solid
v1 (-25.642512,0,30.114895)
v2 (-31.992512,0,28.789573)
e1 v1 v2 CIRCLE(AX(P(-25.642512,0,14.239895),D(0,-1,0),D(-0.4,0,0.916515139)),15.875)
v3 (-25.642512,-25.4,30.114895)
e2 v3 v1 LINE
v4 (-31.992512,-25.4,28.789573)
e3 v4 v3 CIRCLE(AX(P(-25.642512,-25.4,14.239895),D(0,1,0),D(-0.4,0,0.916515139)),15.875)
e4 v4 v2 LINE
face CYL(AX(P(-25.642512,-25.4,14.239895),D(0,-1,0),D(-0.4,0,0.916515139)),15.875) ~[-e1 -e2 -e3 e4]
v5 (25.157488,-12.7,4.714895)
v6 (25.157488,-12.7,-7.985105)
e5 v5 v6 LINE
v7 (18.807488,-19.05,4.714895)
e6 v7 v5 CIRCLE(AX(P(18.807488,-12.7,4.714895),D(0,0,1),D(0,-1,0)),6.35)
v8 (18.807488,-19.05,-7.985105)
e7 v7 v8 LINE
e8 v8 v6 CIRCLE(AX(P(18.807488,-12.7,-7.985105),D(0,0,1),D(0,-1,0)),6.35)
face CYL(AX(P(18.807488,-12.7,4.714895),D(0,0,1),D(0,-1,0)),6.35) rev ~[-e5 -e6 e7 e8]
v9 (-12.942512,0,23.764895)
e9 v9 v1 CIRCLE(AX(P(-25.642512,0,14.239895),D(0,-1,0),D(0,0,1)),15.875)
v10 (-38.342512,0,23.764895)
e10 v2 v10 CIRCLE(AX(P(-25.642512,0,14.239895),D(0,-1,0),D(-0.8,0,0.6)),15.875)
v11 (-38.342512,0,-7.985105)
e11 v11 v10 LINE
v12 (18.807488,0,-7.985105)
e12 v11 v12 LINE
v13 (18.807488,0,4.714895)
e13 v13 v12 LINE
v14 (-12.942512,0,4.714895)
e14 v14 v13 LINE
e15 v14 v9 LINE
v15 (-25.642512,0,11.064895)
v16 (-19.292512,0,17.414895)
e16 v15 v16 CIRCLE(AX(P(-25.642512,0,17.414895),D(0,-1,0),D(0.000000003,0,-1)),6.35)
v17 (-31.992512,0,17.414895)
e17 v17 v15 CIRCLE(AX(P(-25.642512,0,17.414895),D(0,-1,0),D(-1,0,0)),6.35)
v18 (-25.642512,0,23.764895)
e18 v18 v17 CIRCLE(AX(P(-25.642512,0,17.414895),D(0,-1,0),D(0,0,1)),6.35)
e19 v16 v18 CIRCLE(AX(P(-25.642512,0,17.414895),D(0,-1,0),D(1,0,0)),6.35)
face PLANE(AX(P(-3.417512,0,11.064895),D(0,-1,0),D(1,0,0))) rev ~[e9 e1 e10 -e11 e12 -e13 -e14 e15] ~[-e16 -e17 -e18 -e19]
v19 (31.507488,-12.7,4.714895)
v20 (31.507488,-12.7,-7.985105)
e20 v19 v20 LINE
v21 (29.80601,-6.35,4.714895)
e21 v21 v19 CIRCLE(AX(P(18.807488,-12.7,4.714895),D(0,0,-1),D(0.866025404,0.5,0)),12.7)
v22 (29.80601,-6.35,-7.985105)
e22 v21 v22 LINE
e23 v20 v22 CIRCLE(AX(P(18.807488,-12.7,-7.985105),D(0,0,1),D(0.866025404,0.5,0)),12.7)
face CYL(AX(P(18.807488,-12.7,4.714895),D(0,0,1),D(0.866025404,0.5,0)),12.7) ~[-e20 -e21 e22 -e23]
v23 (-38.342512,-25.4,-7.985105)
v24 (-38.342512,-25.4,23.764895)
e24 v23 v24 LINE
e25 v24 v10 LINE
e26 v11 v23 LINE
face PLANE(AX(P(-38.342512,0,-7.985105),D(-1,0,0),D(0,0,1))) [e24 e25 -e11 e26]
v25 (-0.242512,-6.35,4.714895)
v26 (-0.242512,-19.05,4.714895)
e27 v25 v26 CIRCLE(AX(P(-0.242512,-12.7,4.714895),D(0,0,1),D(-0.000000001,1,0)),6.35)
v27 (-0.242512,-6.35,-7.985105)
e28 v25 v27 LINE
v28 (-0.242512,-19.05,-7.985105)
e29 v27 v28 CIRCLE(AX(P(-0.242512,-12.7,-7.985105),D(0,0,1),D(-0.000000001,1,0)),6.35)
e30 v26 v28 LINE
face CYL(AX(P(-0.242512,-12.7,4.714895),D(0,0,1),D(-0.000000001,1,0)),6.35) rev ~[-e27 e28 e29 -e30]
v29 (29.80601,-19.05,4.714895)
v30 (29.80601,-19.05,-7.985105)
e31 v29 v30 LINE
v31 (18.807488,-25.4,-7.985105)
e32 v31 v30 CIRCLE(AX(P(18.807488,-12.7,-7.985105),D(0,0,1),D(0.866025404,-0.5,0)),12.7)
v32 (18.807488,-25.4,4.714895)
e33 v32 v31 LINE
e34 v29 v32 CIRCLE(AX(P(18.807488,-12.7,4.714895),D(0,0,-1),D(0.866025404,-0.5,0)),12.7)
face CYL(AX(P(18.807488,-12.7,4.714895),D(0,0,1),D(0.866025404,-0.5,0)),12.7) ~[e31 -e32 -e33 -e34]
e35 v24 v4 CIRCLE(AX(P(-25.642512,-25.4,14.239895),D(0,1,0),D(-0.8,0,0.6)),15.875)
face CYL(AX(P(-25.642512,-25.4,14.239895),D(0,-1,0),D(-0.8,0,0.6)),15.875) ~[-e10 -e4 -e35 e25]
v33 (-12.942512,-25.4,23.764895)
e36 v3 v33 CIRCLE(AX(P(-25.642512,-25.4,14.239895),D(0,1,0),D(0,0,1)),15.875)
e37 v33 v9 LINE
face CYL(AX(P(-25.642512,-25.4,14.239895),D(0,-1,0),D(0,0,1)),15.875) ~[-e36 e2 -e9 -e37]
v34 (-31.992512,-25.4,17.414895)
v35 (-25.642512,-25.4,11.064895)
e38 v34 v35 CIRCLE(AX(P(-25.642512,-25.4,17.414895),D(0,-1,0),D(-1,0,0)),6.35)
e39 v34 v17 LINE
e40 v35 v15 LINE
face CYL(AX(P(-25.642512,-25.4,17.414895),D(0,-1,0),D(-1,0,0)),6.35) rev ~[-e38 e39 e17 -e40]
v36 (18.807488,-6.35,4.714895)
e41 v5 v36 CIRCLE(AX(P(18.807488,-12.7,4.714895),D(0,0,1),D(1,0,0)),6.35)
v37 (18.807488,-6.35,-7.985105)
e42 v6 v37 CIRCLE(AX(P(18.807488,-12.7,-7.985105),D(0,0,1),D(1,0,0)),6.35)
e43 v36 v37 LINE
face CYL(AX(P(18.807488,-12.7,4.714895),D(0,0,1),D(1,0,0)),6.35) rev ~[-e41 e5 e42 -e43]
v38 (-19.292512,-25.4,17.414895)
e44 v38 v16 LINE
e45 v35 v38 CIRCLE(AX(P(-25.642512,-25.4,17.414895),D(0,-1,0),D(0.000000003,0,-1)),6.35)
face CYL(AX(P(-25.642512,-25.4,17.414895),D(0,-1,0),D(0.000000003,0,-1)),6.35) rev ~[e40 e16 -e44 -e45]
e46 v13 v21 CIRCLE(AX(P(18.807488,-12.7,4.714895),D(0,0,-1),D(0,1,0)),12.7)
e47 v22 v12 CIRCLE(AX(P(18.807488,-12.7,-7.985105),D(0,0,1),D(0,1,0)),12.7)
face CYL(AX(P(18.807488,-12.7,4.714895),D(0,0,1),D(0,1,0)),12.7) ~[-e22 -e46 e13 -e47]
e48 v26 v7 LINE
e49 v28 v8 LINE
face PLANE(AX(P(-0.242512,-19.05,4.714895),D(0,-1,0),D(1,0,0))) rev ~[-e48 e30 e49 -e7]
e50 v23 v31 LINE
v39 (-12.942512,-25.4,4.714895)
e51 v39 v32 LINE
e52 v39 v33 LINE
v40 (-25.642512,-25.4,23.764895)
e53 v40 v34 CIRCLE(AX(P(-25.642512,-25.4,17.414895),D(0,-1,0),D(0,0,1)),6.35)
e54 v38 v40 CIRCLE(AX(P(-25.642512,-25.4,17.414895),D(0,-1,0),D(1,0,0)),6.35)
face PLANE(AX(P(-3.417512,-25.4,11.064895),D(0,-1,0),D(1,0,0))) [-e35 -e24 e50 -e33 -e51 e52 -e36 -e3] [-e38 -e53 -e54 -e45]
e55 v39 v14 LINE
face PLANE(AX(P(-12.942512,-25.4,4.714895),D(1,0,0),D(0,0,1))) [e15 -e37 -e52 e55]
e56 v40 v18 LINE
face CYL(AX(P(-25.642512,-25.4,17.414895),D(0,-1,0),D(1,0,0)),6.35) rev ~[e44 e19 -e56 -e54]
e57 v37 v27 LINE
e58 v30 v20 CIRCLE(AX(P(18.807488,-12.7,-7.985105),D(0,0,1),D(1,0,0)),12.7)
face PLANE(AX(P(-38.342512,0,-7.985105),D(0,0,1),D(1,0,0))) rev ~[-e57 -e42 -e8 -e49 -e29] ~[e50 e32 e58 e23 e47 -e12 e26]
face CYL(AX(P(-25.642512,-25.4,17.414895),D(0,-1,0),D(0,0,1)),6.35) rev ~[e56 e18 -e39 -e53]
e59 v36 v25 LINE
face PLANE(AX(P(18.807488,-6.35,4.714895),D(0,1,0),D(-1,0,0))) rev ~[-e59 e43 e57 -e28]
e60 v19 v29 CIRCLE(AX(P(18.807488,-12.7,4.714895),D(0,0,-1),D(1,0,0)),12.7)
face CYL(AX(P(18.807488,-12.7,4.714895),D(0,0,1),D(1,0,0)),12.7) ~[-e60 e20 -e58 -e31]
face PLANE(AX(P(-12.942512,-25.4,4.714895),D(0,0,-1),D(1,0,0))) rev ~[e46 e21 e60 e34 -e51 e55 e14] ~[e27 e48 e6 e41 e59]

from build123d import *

# Parameters (mm, degrees)
F0_W     = 69.85
F0_H     = 38.1
F1_DEPTH = 25.4
F2_W     = 44.45
F2_H     = 25.4
F3_DEPTH = 25.401
F5_DEPTH = 25.401
F7_DEPTH = 12.701


with BuildPart() as f1:
    # F0 (on Front) → F1 (new body)
    with BuildSketch(Plane.XZ):
        with Locations((-3.4175124019, 11.064895078)):
            Rectangle(F0_W, F0_H)
    extrude(amount=F1_DEPTH)

    # F2 (on face) → F3 (cut, through all)
    with BuildSketch(Plane.XZ.offset(25.4)):
        with Locations((9.2824875981, 17.414895078)):
            Rectangle(F2_W, F2_H)
    extrude(amount=-F3_DEPTH, mode=Mode.SUBTRACT)

    # F4 (on face) → F5 (cut, through all)
    with BuildSketch(Plane.XZ.offset(25.4)):
        with BuildLine():
            Line((-19.2925124019, 30.114895078), (-19.2925124019, 28.7895729095))
            ThreePointArc((-19.2925124019, 28.7895729095), (-15.79175244, 26.6889172554), (-12.9425124019, 23.764895078))
            Line((-12.9425124019, 23.764895078), (-12.9425124019, 30.114895078))
            Line((-12.9425124019, 30.114895078), (-19.2925124019, 30.114895078))
        make_face()
        with BuildLine():
            Line((-38.3425124019, 30.114895078), (-38.3425124019, 23.764895078))
            ThreePointArc((-38.3425124019, 23.764895078), (-35.4932723639, 26.6889172554), (-31.9925124019, 28.7895729095))
            Line((-31.9925124019, 28.7895729095), (-31.9925124019, 30.114895078))
            Line((-31.9925124019, 30.114895078), (-38.3425124019, 30.114895078))
        make_face()
        with BuildLine():
            ThreePointArc((-19.2925124019, 17.414895078), (-21.1523843414, 21.9050231385), (-25.6425124019, 23.764895078))
            ThreePointArc((-25.6425124019, 23.764895078), (-30.1326404625, 21.9050231385), (-31.9925124019, 17.414895078))
            ThreePointArc((-31.9925124019, 17.414895078), (-30.132640455, 12.92476701), (-25.6425123807, 11.064895078))
            ThreePointArc((-25.6425123807, 11.064895078), (-21.1523843339, 12.924767025), (-19.2925124019, 17.414895078))
        make_face()
        with BuildLine():
            Line((-19.2925124019, 30.114895078), (-25.6425124019, 30.114895078))
            ThreePointArc((-25.6425124019, 30.114895078), (-22.3990968084, 29.7800327958), (-19.2925124019, 28.7895729095))
            Line((-19.2925124019, 28.7895729095), (-19.2925124019, 30.114895078))
        make_face()
        with BuildLine():
            Line((-31.9925124019, 30.114895078), (-31.9925124019, 28.7895729095))
            ThreePointArc((-31.9925124019, 28.7895729095), (-28.8859279955, 29.7800327958), (-25.6425124019, 30.114895078))
            Line((-25.6425124019, 30.114895078), (-31.9925124019, 30.114895078))
        make_face()
    extrude(amount=-F5_DEPTH, mode=Mode.SUBTRACT)

    # F6 (on face) → F7 (cut, through all)
    with BuildSketch(Plane.XY.offset(4.714895078)):
        with BuildLine():
            ThreePointArc((6.1074875981, -12.7), (4.2476156561, -8.209871937), (-0.242512409, -6.35))
            Line((-0.2425124019, -6.35), (-0.2425124019, -19.05))
            ThreePointArc((-0.2425123804, -19.05), (4.2476156662, -17.1901280529), (6.1074875981, -12.7))
        make_face()
        with BuildLine():
            Line((18.8074875981, -19.05), (18.8074875981, -6.35))
            ThreePointArc((18.8074875981, -6.35), (12.4574875981, -12.7), (18.8074875981, -19.05))
        make_face()
        with BuildLine():
            ThreePointArc((25.1574875981, -12.7), (23.2976156586, -8.2098719395), (18.8074875981, -6.35))
            Line((18.8074875981, -6.35), (18.8074875981, -19.05))
            ThreePointArc((18.8074875981, -19.05), (23.2976156586, -17.1901280605), (25.1574875981, -12.7))
        make_face()
        with BuildLine():
            Line((18.8074875981, -6.35), (-0.242512409, -6.35))
            ThreePointArc((-0.242512409, -6.35), (4.2476156561, -8.209871937), (6.1074875981, -12.7))
            ThreePointArc((6.1074875981, -12.7), (4.2476156662, -17.1901280529), (-0.2425123804, -19.05))
            Line((-0.2425123804, -19.05), (18.8074875981, -19.05))
            ThreePointArc((18.8074875981, -19.05), (12.4574875981, -12.7), (18.8074875981, -6.35))
        make_face()
        with BuildLine():
            Line((31.5074875981, 0), (18.8074875981, 0))
            ThreePointArc((18.8074875981, 0), (25.1574875981, -1.7014773719), (29.8060102261, -6.35))
            Line((29.8060102261, -6.35), (31.5074875981, -6.35))
            Line((31.5074875981, -6.35), (31.5074875981, 0))
        make_face()
        with BuildLine():
            ThreePointArc((29.8060102261, -19.05), (25.1574875981, -23.6985226281), (18.8074875981, -25.4))
            Line((18.8074875981, -25.4), (31.5074875981, -25.4))
            Line((31.5074875981, -25.4), (31.5074875981, -19.05))
            Line((31.5074875981, -19.05), (29.8060102261, -19.05))
        make_face()
        with BuildLine():
            Line((31.5074875981, -19.05), (31.5074875981, -12.7))
            ThreePointArc((31.5074875981, -12.7), (31.0747455919, -15.9870018728), (29.8060102261, -19.05))
            Line((29.8060102261, -19.05), (31.5074875981, -19.05))
        make_face()
        with BuildLine():
            Line((31.5074875981, -6.35), (29.8060102261, -6.35))
            ThreePointArc((29.8060102261, -6.35), (31.0747455919, -9.4129981272), (31.5074875981, -12.7))
            Line((31.5074875981, -12.7), (31.5074875981, -6.35))
        make_face()
        with BuildLine():
            Line((-0.2425124019, -19.05), (-0.2425124019, -6.35))
            ThreePointArc((-0.242512409, -6.35), (-6.5925124019, -12.7000000143), (-0.2425123804, -19.05))
        make_face()
    extrude(amount=-F7_DEPTH, mode=Mode.SUBTRACT)


solid = f1.part
